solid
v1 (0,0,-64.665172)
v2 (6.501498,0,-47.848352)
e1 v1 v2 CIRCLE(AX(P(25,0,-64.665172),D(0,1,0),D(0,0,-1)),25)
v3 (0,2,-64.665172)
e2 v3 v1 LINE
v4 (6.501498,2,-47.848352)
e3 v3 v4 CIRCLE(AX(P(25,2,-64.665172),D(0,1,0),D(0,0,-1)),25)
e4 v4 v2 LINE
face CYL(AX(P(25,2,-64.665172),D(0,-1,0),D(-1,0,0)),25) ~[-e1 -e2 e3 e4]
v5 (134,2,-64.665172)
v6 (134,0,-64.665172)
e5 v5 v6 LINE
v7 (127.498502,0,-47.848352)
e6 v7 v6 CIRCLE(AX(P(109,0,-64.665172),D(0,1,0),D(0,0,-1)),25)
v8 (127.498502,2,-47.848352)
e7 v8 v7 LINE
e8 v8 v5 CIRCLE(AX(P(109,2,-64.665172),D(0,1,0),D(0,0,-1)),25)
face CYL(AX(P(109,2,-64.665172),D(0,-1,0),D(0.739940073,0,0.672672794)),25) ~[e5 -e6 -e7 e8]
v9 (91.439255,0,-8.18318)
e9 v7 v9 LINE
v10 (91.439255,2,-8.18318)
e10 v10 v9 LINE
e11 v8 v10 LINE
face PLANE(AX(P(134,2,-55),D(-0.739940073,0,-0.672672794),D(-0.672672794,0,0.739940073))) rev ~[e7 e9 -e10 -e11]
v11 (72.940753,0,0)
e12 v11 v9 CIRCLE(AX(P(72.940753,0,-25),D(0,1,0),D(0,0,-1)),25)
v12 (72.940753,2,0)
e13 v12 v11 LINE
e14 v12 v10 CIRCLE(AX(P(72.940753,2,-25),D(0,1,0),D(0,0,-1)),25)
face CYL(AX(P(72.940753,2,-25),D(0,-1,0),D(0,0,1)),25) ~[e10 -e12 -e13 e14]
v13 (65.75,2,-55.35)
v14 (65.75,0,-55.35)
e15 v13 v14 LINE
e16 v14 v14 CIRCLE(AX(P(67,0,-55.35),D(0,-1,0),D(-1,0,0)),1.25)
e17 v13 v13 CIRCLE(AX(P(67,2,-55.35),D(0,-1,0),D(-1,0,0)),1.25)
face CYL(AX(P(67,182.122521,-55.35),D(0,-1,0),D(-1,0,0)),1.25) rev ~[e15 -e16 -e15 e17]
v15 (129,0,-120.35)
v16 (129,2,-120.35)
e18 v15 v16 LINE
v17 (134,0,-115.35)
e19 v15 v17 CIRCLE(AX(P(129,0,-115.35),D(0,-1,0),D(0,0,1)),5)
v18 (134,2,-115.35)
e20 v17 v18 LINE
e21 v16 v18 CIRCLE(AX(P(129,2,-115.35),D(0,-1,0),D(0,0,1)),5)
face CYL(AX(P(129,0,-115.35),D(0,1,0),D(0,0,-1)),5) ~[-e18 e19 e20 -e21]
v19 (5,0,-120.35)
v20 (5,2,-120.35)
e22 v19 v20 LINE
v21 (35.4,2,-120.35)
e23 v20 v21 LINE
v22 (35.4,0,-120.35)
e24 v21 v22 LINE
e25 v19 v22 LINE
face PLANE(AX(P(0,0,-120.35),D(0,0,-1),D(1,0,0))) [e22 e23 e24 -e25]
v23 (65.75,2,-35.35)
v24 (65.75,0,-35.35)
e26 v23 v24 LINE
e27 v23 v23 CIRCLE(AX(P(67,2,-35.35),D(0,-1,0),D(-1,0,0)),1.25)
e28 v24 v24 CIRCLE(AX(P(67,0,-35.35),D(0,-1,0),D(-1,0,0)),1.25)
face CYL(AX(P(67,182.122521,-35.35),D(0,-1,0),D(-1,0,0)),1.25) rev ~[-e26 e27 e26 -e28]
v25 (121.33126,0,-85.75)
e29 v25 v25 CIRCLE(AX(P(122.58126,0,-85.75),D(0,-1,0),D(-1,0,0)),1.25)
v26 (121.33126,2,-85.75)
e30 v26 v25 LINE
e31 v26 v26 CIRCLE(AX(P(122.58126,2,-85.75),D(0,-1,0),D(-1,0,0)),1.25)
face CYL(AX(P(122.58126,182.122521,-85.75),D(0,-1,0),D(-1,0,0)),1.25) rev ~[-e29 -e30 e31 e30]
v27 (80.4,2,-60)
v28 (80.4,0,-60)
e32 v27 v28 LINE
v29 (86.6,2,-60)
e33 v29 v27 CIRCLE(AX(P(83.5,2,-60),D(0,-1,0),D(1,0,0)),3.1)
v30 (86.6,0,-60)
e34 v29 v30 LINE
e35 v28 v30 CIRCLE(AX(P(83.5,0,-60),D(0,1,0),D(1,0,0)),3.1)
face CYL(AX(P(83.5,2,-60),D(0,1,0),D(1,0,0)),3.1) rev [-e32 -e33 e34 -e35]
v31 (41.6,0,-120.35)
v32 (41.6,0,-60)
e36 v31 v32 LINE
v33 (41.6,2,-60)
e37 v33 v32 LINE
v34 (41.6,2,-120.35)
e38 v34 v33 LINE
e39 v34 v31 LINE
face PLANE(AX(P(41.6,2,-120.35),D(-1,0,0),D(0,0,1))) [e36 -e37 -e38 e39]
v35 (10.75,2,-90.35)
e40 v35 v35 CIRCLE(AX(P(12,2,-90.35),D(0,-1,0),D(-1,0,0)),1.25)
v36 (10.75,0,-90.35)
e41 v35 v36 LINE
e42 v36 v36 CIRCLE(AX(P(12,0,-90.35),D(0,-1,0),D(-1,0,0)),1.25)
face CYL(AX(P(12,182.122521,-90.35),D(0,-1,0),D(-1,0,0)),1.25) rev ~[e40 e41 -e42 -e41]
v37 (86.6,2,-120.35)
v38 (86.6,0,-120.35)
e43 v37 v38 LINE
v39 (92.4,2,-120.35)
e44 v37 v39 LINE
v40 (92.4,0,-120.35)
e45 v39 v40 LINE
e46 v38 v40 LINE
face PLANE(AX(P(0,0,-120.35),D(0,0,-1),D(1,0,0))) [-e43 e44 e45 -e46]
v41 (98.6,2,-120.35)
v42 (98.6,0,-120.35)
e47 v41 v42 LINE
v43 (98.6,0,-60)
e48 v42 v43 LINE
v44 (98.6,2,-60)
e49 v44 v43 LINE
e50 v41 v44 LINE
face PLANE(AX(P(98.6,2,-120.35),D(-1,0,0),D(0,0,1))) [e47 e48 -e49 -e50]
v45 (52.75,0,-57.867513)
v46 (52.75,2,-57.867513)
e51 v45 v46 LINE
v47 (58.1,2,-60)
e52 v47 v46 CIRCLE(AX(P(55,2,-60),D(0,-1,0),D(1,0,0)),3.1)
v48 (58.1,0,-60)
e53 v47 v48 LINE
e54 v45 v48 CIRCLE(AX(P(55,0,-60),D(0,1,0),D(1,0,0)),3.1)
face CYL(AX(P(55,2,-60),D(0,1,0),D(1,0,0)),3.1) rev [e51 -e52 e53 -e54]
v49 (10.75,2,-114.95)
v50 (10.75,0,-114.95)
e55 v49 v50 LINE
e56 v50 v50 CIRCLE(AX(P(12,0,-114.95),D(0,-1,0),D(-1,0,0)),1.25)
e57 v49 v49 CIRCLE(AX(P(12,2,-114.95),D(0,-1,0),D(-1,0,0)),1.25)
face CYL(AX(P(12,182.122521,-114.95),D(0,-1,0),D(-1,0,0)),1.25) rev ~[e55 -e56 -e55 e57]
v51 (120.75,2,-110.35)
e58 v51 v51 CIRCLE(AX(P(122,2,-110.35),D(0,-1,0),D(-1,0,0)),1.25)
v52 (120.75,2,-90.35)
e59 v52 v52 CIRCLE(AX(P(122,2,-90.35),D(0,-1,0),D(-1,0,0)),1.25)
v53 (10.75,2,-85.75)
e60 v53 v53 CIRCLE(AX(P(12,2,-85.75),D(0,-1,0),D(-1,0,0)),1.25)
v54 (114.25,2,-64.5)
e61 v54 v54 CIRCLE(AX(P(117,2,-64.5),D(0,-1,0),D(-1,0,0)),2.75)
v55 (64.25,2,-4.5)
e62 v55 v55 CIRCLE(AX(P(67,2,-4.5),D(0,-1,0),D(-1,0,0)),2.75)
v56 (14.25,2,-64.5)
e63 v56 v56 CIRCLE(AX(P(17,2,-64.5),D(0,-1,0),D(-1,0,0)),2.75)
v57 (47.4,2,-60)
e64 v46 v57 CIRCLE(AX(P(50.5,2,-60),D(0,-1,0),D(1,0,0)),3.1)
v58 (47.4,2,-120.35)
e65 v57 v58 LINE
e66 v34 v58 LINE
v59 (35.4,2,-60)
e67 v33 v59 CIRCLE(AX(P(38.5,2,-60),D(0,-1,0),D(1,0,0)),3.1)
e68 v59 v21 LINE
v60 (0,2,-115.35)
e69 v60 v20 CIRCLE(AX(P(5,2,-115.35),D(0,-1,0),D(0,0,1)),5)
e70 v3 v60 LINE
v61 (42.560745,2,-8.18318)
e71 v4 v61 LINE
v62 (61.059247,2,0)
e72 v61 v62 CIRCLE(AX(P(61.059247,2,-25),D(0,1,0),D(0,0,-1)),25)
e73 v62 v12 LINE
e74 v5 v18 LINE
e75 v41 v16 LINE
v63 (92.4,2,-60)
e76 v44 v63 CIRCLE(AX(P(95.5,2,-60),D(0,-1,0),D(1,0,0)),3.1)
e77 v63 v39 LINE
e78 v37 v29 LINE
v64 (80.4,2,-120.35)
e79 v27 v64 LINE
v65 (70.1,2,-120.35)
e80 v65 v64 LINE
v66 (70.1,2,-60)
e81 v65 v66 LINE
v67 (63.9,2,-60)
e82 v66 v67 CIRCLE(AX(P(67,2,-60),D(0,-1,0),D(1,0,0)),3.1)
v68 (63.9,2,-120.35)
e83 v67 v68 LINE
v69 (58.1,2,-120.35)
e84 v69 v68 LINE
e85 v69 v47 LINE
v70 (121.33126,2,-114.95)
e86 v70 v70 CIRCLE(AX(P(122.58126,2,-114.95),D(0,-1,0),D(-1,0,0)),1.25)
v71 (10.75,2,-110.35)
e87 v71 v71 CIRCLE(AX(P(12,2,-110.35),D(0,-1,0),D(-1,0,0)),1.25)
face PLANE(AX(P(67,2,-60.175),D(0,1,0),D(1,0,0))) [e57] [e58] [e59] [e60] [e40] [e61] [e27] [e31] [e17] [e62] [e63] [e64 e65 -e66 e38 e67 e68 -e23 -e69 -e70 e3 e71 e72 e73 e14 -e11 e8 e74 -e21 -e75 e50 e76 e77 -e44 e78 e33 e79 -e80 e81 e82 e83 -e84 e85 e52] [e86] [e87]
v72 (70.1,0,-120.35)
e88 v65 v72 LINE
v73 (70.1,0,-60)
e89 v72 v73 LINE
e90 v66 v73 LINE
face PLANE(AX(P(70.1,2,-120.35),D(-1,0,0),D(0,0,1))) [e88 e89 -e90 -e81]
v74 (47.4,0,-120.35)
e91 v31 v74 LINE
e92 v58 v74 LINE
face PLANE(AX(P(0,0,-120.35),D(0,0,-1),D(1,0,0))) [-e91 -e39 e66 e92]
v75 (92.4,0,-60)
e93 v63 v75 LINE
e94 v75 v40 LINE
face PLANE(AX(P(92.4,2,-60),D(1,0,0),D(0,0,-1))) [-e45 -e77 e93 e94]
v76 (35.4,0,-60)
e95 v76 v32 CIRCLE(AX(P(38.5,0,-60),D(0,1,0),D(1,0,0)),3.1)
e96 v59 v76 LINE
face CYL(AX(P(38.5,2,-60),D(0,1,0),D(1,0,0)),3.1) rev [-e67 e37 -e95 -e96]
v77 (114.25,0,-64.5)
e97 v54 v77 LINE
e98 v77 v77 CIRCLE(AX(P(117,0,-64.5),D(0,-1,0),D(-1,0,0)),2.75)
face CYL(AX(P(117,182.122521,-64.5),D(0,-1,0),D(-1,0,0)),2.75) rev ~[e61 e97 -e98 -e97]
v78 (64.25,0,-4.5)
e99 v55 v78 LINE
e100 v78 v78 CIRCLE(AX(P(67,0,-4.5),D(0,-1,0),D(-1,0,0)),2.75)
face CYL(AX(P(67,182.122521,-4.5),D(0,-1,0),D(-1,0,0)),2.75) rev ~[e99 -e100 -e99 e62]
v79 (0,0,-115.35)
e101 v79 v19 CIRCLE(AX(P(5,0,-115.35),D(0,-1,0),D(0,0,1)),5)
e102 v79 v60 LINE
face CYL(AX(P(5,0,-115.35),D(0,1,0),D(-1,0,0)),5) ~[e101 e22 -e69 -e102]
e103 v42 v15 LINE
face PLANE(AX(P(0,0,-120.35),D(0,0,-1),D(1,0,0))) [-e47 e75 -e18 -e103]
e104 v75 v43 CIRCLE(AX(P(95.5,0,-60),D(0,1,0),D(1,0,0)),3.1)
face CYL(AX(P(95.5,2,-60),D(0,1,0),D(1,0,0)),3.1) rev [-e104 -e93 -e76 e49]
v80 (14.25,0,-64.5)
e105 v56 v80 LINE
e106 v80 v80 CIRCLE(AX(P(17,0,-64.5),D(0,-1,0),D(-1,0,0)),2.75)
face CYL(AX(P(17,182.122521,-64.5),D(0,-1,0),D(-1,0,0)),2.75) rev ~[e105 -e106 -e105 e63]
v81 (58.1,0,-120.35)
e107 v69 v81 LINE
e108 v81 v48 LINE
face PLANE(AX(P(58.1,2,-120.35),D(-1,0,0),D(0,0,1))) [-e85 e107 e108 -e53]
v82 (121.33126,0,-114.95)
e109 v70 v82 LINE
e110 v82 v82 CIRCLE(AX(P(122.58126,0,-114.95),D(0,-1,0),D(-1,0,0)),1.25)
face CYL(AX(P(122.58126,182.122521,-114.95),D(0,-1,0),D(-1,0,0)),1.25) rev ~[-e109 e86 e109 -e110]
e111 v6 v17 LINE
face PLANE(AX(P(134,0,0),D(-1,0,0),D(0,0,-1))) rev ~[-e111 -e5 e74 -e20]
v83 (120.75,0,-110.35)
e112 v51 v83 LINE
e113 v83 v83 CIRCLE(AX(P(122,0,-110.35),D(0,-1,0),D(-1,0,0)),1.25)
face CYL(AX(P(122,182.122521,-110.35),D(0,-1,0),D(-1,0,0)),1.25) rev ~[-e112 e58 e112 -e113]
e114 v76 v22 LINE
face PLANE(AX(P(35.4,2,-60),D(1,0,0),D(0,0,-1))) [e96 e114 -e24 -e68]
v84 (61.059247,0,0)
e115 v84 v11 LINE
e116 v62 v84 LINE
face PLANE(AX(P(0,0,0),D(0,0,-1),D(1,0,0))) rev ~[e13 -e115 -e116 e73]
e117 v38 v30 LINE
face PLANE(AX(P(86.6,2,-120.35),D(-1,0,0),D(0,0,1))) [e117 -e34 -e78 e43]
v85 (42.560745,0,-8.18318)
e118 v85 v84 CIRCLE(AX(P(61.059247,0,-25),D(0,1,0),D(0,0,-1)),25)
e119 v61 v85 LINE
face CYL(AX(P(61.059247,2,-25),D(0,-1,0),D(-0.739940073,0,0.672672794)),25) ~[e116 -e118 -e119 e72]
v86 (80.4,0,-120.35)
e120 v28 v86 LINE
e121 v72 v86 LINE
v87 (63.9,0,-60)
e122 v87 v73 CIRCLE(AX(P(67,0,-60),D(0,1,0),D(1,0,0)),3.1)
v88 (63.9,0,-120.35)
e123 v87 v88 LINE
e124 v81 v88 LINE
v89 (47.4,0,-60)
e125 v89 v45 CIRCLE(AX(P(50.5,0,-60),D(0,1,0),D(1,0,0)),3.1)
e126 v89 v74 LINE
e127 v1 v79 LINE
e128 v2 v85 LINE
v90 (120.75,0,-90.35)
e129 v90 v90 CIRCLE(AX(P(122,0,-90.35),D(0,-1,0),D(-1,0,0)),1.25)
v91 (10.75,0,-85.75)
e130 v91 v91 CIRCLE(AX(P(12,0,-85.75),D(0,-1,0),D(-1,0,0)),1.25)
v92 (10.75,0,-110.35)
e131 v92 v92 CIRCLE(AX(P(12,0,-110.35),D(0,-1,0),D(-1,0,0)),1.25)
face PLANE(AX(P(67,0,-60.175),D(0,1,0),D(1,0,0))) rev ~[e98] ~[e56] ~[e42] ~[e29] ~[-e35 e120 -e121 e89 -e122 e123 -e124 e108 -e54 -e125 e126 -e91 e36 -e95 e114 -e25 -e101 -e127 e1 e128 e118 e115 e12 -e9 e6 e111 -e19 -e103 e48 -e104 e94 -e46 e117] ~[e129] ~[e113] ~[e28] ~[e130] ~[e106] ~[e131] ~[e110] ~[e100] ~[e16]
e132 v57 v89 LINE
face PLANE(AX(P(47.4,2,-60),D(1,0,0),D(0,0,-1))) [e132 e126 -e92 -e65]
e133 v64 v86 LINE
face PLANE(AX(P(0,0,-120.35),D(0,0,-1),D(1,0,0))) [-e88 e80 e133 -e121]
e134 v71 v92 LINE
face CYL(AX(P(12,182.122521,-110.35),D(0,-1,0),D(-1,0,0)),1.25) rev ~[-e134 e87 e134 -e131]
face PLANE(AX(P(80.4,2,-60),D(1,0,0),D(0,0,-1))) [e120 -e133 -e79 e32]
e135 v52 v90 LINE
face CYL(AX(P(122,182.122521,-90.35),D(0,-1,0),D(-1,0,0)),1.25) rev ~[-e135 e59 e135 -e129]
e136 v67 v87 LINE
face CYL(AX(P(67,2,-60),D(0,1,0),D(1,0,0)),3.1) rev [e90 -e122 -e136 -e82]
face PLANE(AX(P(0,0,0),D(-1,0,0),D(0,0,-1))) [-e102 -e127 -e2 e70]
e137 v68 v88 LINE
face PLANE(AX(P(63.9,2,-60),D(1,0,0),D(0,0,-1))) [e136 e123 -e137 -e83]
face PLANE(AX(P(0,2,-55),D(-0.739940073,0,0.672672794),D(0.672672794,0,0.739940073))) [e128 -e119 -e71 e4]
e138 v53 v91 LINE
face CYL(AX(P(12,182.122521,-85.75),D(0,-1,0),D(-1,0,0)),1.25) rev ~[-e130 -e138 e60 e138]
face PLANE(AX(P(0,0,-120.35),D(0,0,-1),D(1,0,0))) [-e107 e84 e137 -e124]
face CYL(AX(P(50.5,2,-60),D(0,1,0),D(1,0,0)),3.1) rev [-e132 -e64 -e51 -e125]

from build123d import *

# Parameters (mm, degrees)
SKETCH1_W                  = 134
SKETCH1_H                  = 120.35
BOSS_EXTRUDE1_DEPTH        = 2
CUT_EXTRUDE1_DEPTH         = 181.122520802
CUT_EXTRUDE2_DEPTH         = 181.122520802
LINEAR_BEARING_D           = 2.5
BELT_HOLDERS_D             = 2.5
CUT_EXTRUDE3_DEPTH         = 181.122520802
FILLET1_R                  = 5
FILLET2_R                  = 25
F_5_5_5_5_DIAMETER_HOLE1_D = 5.5


with BuildPart() as part:
    # Sketch1 → Boss-Extrude1 (new body)
    with BuildSketch(Plane(origin=(0, 0, 0), x_dir=(1, 0, 0), z_dir=(0, 1, 0))):
        with Locations((67, 60.175)):
            Rectangle(SKETCH1_W, SKETCH1_H)
    extrude(amount=BOSS_EXTRUDE1_DEPTH)

    # Sketch3 → Cut-Extrude1 (cut, through all)
    with BuildSketch(Plane(origin=(0, 2, 0), x_dir=(1, 0, 0), z_dir=(0, 1, 0))):
        with BuildLine():
            Line((86.6, 120.35), (86.6, 60))
            ThreePointArc((86.6, 60), (83.5, 56.9), (80.4, 60))
            Line((80.4, 60), (80.4, 120.35))
            Line((80.4, 120.35), (86.6, 120.35))
        make_face()
        with BuildLine():
            Line((70.1, 120.35), (70.1, 60))
            ThreePointArc((70.1, 60), (67, 56.9), (63.9, 60))
            Line((63.9, 60), (63.9, 120.35))
            Line((63.9, 120.35), (70.1, 120.35))
        make_face()
        with BuildLine():
            Line((98.6, 120.35), (98.6, 60))
            ThreePointArc((98.6, 60), (95.5, 56.9), (92.4, 60))
            Line((92.4, 60), (92.4, 120.35))
            Line((92.4, 120.35), (98.6, 120.35))
        make_face()
        with BuildLine():
            Line((58.1, 120.35), (58.1, 60))
            ThreePointArc((58.1, 60), (55, 56.9), (51.9, 60))
            Line((51.9, 60), (51.9, 120.35))
            Line((51.9, 120.35), (58.1, 120.35))
        make_face()
        with BuildLine():
            Line((41.6, 120.35), (41.6, 60))
            ThreePointArc((41.6, 60), (38.5, 56.9), (35.4, 60))
            Line((35.4, 60), (35.4, 120.35))
            Line((35.4, 120.35), (41.6, 120.35))
        make_face()
    extrude(amount=-CUT_EXTRUDE1_DEPTH, mode=Mode.SUBTRACT)

    # Sketch4 → Cut-Extrude2 (cut, through all)
    with BuildSketch(Plane(origin=(0, 2, 0), x_dir=(1, 0, 0), z_dir=(0, 1, 0))):
        with BuildLine():
            Line((47.4, 120.35), (53.6, 120.35))
            Line((53.6, 120.35), (53.6, 60))
            ThreePointArc((53.6, 60), (50.5, 56.9), (47.4, 60))
            Line((47.4, 60), (47.4, 120.35))
        make_face()
    extrude(amount=-CUT_EXTRUDE2_DEPTH, mode=Mode.SUBTRACT)

    # linear bearing (through all)
    with Locations(Plane(origin=(0, 2, 0), x_dir=(1, 0, 0), z_dir=(0, 1, 0))):
        with Locations((12, 110.35), (12, 90.35), (122, 110.35), (122, 90.35), (67, 55.35), (67, 35.35)):
            Hole(LINEAR_BEARING_D / 2)

    # belt holders (through all)
    with Locations(Plane(origin=(0, 2, 0), x_dir=(1, 0, 0), z_dir=(0, 1, 0))):
        with Locations((12, 114.95), (12, 85.75), (122.58126033, 85.75), (122.58126033, 114.95)):
            Hole(BELT_HOLDERS_D / 2)

    # Sketch9 → Cut-Extrude3 (cut, through all)
    with BuildSketch(Plane(origin=(0, 2, 0), x_dir=(1, 0, 0), z_dir=(0, 1, 0))):
        Polygon((0, 55), (50, 0), (0, 0), align=None)
        Polygon((134, 0), (134, 55), (84, 0), align=None)
    extrude(amount=-CUT_EXTRUDE3_DEPTH, mode=Mode.SUBTRACT)

    # Fillet1
    fillet1_edges = [part.edges().sort_by_distance(p)[0] for p in [
        (0, 1, -120.35),
        (134, 1, -120.35),
    ]]
    fillet(fillet1_edges, radius=FILLET1_R)

    # Fillet2
    fillet2_edges = [part.edges().sort_by_distance(p)[0] for p in [
        (0, 1, -55),
        (50, 1, 0),
        (84, 1, 0),
        (134, 1, -55),
    ]]
    fillet(fillet2_edges, radius=FILLET2_R)

    # Ø5.5 (5.5) Diameter Hole1 (through all)
    with Locations(Plane(origin=(0, 2, 0), x_dir=(1, 0, 0), z_dir=(0, 1, 0))):
        with Locations((67, 4.5), (117, 64.5), (17, 64.5)):
            Hole(F_5_5_5_5_DIAMETER_HOLE1_D / 2)


solid = part.part
